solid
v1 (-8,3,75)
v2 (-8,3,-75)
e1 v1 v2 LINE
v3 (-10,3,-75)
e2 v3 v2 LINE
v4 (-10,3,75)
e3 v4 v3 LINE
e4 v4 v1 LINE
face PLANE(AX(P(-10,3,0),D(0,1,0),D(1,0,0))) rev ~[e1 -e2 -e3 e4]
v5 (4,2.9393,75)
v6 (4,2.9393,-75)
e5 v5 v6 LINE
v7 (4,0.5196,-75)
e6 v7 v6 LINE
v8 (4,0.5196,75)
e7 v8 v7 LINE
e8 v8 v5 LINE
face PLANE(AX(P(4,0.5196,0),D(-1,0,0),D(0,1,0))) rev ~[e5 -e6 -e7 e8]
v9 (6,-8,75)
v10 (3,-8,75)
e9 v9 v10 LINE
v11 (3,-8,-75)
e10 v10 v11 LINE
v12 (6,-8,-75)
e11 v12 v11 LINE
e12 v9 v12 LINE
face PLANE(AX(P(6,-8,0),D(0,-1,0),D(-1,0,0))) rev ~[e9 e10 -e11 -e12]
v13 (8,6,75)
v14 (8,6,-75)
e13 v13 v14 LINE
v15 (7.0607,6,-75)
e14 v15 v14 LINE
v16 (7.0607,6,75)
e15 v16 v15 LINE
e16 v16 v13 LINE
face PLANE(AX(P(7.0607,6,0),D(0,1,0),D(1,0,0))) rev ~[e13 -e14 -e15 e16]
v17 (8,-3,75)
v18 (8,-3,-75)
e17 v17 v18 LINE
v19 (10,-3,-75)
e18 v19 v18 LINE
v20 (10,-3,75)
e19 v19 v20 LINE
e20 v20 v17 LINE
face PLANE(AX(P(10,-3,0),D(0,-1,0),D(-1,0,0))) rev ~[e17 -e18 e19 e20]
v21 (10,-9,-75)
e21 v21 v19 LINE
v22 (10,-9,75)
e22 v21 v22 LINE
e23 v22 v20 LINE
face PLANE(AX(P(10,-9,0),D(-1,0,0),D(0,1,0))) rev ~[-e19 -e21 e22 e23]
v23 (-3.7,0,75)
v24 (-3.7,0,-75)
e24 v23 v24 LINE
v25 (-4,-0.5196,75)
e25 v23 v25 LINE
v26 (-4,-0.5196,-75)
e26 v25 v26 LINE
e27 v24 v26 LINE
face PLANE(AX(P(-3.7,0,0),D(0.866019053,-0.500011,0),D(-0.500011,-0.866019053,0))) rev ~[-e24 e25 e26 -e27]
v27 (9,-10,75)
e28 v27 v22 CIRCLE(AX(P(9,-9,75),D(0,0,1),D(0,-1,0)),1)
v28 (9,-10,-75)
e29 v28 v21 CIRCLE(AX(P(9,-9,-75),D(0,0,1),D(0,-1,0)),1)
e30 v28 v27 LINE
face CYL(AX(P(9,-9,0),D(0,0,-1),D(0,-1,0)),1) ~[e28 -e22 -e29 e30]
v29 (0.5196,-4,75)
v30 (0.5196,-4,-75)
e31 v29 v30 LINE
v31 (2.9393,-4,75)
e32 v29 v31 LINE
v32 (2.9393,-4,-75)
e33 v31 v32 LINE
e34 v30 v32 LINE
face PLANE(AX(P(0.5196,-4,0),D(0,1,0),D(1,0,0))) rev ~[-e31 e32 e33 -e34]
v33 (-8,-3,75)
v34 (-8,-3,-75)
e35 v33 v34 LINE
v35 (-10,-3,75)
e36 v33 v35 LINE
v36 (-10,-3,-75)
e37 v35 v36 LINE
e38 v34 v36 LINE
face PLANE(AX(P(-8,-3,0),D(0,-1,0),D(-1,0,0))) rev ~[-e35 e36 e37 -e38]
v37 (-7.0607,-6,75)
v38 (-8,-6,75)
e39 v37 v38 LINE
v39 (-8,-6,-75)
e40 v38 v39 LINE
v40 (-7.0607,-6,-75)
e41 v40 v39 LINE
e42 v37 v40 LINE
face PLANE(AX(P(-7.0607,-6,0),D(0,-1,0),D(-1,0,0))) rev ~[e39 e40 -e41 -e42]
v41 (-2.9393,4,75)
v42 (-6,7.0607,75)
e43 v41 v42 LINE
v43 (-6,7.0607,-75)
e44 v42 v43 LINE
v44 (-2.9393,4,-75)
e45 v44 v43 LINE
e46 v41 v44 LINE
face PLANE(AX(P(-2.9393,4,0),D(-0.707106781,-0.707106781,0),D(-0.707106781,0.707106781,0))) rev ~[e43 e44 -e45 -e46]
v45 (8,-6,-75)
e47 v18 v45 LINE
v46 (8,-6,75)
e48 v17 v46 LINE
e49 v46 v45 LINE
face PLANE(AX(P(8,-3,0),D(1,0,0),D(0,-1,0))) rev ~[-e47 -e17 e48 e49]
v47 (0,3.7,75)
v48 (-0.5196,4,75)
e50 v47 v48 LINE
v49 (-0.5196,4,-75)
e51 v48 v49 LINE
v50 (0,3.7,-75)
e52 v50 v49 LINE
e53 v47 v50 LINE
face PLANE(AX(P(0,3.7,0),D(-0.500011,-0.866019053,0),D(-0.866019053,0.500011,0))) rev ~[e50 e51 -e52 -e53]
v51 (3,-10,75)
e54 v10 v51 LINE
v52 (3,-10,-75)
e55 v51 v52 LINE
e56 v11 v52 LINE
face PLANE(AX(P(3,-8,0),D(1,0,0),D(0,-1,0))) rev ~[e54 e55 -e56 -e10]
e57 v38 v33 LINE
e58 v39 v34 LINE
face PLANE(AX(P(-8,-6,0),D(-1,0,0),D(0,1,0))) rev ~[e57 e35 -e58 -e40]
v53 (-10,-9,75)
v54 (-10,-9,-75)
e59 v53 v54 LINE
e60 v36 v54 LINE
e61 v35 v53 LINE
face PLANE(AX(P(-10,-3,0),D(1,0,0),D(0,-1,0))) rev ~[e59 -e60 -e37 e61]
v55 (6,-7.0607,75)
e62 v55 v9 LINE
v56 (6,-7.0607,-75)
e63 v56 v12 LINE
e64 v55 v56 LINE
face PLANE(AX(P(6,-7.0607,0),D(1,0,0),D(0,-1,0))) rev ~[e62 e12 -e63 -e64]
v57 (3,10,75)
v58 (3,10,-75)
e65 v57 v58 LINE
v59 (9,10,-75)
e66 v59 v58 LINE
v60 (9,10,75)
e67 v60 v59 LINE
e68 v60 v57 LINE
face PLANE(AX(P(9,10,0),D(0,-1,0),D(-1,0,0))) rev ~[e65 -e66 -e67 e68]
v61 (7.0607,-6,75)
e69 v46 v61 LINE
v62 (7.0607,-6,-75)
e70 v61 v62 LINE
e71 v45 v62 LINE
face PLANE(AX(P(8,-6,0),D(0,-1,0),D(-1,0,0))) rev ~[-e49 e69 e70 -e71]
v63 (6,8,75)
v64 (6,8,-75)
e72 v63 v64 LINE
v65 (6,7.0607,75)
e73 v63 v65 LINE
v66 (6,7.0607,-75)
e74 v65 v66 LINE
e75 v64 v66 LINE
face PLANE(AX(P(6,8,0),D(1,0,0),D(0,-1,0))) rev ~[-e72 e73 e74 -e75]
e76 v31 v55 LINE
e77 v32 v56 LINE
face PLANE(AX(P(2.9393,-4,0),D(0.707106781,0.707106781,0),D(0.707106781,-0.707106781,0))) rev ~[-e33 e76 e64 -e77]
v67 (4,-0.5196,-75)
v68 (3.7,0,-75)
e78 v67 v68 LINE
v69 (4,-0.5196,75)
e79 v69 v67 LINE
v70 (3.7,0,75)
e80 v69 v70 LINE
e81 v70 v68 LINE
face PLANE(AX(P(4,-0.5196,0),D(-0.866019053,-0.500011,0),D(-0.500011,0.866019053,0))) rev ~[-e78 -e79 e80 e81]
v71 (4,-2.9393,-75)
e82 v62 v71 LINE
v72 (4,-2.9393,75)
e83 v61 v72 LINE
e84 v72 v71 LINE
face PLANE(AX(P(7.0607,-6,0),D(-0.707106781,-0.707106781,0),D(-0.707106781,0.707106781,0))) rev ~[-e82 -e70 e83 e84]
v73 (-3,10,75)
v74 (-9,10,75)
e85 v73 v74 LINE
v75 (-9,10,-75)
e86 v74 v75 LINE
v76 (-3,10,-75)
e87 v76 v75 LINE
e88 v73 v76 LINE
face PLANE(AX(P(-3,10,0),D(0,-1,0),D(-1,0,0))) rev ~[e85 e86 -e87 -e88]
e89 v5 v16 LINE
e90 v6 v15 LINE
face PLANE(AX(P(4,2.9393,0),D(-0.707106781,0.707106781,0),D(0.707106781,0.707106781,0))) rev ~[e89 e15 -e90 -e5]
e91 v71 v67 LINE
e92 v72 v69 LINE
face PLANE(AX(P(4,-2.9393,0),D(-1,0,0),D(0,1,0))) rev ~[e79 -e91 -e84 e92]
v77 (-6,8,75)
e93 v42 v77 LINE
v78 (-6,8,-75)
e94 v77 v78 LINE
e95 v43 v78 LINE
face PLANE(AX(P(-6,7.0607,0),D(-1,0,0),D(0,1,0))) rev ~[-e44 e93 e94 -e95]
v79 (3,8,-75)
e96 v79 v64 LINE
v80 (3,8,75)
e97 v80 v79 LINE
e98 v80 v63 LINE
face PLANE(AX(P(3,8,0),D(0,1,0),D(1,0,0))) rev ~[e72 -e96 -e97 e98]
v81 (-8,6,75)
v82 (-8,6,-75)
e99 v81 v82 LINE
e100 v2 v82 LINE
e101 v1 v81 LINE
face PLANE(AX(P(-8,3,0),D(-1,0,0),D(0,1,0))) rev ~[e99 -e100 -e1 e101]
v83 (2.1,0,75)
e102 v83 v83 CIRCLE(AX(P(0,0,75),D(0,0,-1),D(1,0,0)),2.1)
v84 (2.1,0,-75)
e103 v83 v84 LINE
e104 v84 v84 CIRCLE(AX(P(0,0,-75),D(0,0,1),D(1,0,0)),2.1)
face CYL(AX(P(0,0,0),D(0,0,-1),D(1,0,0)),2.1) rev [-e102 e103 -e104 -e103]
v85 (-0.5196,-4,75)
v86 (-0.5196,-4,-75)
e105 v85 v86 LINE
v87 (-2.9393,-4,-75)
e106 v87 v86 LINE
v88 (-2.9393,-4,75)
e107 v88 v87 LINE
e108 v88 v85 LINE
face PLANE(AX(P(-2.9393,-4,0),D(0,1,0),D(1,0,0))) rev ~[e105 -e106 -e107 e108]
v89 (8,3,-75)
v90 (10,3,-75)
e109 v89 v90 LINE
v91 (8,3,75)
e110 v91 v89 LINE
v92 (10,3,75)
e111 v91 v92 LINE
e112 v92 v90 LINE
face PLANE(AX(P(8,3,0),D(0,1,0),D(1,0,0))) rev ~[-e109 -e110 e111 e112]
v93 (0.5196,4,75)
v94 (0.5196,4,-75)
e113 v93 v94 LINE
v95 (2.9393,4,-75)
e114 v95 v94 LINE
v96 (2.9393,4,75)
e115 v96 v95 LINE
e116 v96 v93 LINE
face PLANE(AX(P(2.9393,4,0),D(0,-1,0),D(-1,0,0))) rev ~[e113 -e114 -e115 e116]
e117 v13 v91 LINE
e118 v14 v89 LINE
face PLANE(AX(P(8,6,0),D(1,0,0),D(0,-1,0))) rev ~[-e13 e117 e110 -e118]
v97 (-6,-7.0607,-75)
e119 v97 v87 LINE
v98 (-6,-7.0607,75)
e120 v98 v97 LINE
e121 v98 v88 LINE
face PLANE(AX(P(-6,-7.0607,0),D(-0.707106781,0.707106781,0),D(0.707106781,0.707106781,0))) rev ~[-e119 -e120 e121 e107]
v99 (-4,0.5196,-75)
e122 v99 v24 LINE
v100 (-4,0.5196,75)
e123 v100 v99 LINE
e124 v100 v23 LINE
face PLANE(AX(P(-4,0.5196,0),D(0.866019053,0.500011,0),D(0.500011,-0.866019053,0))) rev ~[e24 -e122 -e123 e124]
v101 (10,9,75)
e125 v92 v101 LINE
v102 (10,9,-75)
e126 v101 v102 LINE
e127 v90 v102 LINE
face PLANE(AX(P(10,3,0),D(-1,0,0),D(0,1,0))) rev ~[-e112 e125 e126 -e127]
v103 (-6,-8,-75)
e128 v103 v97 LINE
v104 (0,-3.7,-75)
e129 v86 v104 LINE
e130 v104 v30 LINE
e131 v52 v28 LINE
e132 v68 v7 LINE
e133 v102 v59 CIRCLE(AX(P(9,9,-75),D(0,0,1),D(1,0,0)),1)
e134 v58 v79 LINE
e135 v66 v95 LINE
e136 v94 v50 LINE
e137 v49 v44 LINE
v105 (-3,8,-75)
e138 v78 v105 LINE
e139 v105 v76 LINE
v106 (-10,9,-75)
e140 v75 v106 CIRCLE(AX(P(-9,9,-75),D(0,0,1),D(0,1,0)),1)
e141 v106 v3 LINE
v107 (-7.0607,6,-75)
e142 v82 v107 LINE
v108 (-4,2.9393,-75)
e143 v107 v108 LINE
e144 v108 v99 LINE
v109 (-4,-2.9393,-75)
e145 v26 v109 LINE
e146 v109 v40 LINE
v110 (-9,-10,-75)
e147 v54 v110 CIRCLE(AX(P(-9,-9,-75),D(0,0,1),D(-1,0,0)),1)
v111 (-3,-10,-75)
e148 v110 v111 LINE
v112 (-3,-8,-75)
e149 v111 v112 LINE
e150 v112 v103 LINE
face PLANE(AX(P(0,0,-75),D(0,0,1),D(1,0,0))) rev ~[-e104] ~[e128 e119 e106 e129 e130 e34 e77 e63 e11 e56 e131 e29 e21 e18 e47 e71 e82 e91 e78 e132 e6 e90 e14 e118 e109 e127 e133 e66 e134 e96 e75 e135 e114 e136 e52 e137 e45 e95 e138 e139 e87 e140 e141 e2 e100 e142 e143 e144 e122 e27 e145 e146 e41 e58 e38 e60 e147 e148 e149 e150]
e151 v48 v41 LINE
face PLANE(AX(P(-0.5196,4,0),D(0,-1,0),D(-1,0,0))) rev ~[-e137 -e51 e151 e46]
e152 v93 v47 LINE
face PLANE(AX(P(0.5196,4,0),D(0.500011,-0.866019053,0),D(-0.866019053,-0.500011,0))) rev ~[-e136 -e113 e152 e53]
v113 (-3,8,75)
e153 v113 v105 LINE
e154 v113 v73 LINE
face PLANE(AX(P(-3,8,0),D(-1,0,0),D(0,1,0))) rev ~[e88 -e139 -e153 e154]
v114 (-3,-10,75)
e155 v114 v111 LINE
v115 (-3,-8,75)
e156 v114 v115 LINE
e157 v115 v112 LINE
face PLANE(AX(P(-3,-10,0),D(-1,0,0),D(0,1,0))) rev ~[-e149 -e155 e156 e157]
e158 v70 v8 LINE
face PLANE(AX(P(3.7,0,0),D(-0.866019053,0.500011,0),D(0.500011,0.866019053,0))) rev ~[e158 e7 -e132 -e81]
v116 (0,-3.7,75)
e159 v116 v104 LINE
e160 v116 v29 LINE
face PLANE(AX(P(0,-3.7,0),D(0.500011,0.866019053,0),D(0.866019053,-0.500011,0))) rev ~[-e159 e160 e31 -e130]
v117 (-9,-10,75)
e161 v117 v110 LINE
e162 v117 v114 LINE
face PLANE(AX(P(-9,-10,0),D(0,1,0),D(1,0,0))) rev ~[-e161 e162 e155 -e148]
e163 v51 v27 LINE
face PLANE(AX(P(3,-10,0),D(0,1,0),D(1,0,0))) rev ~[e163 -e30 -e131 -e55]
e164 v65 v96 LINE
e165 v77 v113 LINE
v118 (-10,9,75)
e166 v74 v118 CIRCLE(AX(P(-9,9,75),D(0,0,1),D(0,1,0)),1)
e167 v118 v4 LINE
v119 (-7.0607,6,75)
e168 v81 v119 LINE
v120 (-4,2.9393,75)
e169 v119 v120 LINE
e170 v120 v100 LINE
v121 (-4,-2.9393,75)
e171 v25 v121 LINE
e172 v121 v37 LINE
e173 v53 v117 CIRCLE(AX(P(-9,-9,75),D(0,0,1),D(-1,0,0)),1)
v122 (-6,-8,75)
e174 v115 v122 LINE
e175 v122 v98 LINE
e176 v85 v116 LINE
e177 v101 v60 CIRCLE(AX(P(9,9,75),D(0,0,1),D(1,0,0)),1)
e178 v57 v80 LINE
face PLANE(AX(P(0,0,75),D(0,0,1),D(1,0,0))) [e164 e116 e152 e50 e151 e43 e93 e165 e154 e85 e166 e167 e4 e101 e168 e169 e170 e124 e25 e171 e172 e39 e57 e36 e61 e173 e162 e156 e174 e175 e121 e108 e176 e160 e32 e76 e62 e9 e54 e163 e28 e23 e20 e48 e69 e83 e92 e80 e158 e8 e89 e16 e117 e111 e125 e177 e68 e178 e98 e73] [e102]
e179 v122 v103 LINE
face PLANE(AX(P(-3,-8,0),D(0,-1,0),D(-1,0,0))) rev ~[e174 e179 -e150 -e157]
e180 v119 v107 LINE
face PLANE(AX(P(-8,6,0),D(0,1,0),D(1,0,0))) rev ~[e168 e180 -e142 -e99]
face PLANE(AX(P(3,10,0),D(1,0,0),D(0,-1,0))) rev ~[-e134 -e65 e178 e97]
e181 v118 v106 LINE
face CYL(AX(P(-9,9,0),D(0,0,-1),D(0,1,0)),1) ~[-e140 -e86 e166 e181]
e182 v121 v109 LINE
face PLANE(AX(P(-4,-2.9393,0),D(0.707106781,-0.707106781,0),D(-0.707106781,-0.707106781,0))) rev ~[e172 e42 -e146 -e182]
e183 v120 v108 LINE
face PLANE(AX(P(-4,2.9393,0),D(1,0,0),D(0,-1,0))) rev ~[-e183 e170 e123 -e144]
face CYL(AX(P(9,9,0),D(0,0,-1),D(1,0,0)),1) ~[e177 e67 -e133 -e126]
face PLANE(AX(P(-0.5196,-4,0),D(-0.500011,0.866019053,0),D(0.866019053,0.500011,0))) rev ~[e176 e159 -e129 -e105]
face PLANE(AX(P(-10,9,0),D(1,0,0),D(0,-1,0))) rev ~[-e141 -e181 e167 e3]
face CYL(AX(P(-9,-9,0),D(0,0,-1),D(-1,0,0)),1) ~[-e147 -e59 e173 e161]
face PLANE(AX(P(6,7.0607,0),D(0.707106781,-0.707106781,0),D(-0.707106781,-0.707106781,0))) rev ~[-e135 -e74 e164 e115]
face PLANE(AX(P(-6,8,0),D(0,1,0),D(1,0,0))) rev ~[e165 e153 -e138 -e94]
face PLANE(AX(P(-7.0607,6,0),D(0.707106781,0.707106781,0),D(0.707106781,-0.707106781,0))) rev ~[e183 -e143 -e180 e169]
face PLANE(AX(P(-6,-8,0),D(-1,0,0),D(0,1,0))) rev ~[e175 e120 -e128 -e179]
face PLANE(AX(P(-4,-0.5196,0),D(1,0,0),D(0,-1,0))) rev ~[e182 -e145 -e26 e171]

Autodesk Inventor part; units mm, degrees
ref_plane "YZ Plane" through (0, 0, 0) normal (1, 0, 0) x (0, 1, 0)
ref_plane "XZ Plane" through (0, 0, 0) normal (0, 1, 0) x (-1, 0, 0)
ref_plane "XY Plane" through (0, 0, 0) normal (0, 0, 1) x (1, 0, 0)
sketch "Sketch1" plane through (0, 0, 0) normal (0, 0, 1) x (1, 0, 0)
  line L0 (-2.205, 0) -> (2.205, 0)
  line L1 (0, -2.205) -> (0, 2.205)
  arc A0 (9, -10) -> (10, -9) centre (9, -9) ccw
  line L2 (-10, 9) -> (-10, 3)
  line L3 (-10, 3) -> (-8, 3)
  line L4 (-8, 3) -> (-8, 6)
  line L5 (-8, 6) -> (-7.0607, 6)
  line L6 (-7.0607, 6) -> (-4, 2.9393)
  line L7 (-4, 2.9393) -> (-4, 0.5196)
  line L8 (-4, 0.5196) -> (-3.7, 0)
  line L9 (-3.7, 0) -> (-4, -0.5196)
  line L10 (-4, -0.5196) -> (-4, -2.9393)
  line L11 (-4, -2.9393) -> (-7.0607, -6)
  line L12 (-7.0607, -6) -> (-8, -6)
  line L13 (-8, -6) -> (-8, -3)
  line L14 (-8, -3) -> (-10, -3)
  line L15 (-10, -3) -> (-10, -9)
  arc A1 (-10, -9) -> (-9, -10) centre (-9, -9) ccw
  line L16 (-9, -10) -> (-3, -10)
  line L17 (-3, -10) -> (-3, -8)
  line L18 (-3, -8) -> (-6, -8)
  line L19 (-6, -7.0607) -> (-2.9393, -4)
  line L20 (-2.9393, -4) -> (-0.5196, -4)
  line L21 (-0.5196, -4) -> (0, -3.7)
  line L22 (0, -3.7) -> (0.5196, -4)
  line L23 (0.5196, -4) -> (2.9393, -4)
  line L24 (2.9393, -4) -> (6, -7.0607)
  line L25 (6, -7.0607) -> (6, -8)
  line L26 (6, -8) -> (3, -8)
  line L27 (3, -8) -> (3, -10)
  line L28 (3, -10) -> (9, -10)
  line L29 (10, -9) -> (10, -3)
  line L30 (10, -3) -> (8, -3)
  line L31 (8, -3) -> (8, -6)
  line L32 (8, -6) -> (7.0607, -6)
  line L33 (7.0607, -6) -> (4, -2.9393)
  line L34 (4, -2.9393) -> (4, -0.5196)
  line L35 (4, -0.5196) -> (3.7, 0)
  line L36 (3.7, 0) -> (4, 0.5196)
  line L37 (4, 0.5196) -> (4, 2.9393)
  line L38 (4, 2.9393) -> (7.0607, 6)
  line L39 (7.0607, 6) -> (8, 6)
  line L40 (8, 6) -> (8, 3)
  line L41 (8, 3) -> (10, 3)
  line L42 (10, 3) -> (10, 9)
  arc A2 (10, 9) -> (9, 10) centre (9, 9) ccw
  line L43 (9, 10) -> (3, 10)
  line L44 (3, 10) -> (3, 8)
  line L45 (3, 8) -> (6, 8)
  line L46 (6, 8) -> (6, 7.0607)
  line L47 (6, 7.0607) -> (2.9393, 4)
  line L48 (2.9393, 4) -> (0.5196, 4)
  line L49 (0.5196, 4) -> (0, 3.7)
  line L50 (0, 3.7) -> (-0.5196, 4)
  line L51 (-0.5196, 4) -> (-2.9393, 4)
  line L52 (-2.9393, 4) -> (-6, 7.0607)
  line L53 (-6, 7.0607) -> (-6, 8)
  line L54 (-6, 8) -> (-3, 8)
  line L55 (-3, 8) -> (-3, 10)
  line L56 (-3, 10) -> (-9, 10)
  arc A3 (-9, 10) -> (-10, 9) centre (-9, 9) ccw
  circle A4 centre (0, 0) radius 2.1
  line L57 (-6, -8) -> (-6, -7.0607)
extrude "Extrusion1" add sketch "Sketch1" along normal mid plane 150
equation "\"d0\" = width"
equation "\"width\" = 150"
equation "\"panelChamfer\" = 75"
equation "\"suppourtPanelThickness\" = 2.38125"
properties part number "15 cm extrusion" material "Aluminum 6061"
